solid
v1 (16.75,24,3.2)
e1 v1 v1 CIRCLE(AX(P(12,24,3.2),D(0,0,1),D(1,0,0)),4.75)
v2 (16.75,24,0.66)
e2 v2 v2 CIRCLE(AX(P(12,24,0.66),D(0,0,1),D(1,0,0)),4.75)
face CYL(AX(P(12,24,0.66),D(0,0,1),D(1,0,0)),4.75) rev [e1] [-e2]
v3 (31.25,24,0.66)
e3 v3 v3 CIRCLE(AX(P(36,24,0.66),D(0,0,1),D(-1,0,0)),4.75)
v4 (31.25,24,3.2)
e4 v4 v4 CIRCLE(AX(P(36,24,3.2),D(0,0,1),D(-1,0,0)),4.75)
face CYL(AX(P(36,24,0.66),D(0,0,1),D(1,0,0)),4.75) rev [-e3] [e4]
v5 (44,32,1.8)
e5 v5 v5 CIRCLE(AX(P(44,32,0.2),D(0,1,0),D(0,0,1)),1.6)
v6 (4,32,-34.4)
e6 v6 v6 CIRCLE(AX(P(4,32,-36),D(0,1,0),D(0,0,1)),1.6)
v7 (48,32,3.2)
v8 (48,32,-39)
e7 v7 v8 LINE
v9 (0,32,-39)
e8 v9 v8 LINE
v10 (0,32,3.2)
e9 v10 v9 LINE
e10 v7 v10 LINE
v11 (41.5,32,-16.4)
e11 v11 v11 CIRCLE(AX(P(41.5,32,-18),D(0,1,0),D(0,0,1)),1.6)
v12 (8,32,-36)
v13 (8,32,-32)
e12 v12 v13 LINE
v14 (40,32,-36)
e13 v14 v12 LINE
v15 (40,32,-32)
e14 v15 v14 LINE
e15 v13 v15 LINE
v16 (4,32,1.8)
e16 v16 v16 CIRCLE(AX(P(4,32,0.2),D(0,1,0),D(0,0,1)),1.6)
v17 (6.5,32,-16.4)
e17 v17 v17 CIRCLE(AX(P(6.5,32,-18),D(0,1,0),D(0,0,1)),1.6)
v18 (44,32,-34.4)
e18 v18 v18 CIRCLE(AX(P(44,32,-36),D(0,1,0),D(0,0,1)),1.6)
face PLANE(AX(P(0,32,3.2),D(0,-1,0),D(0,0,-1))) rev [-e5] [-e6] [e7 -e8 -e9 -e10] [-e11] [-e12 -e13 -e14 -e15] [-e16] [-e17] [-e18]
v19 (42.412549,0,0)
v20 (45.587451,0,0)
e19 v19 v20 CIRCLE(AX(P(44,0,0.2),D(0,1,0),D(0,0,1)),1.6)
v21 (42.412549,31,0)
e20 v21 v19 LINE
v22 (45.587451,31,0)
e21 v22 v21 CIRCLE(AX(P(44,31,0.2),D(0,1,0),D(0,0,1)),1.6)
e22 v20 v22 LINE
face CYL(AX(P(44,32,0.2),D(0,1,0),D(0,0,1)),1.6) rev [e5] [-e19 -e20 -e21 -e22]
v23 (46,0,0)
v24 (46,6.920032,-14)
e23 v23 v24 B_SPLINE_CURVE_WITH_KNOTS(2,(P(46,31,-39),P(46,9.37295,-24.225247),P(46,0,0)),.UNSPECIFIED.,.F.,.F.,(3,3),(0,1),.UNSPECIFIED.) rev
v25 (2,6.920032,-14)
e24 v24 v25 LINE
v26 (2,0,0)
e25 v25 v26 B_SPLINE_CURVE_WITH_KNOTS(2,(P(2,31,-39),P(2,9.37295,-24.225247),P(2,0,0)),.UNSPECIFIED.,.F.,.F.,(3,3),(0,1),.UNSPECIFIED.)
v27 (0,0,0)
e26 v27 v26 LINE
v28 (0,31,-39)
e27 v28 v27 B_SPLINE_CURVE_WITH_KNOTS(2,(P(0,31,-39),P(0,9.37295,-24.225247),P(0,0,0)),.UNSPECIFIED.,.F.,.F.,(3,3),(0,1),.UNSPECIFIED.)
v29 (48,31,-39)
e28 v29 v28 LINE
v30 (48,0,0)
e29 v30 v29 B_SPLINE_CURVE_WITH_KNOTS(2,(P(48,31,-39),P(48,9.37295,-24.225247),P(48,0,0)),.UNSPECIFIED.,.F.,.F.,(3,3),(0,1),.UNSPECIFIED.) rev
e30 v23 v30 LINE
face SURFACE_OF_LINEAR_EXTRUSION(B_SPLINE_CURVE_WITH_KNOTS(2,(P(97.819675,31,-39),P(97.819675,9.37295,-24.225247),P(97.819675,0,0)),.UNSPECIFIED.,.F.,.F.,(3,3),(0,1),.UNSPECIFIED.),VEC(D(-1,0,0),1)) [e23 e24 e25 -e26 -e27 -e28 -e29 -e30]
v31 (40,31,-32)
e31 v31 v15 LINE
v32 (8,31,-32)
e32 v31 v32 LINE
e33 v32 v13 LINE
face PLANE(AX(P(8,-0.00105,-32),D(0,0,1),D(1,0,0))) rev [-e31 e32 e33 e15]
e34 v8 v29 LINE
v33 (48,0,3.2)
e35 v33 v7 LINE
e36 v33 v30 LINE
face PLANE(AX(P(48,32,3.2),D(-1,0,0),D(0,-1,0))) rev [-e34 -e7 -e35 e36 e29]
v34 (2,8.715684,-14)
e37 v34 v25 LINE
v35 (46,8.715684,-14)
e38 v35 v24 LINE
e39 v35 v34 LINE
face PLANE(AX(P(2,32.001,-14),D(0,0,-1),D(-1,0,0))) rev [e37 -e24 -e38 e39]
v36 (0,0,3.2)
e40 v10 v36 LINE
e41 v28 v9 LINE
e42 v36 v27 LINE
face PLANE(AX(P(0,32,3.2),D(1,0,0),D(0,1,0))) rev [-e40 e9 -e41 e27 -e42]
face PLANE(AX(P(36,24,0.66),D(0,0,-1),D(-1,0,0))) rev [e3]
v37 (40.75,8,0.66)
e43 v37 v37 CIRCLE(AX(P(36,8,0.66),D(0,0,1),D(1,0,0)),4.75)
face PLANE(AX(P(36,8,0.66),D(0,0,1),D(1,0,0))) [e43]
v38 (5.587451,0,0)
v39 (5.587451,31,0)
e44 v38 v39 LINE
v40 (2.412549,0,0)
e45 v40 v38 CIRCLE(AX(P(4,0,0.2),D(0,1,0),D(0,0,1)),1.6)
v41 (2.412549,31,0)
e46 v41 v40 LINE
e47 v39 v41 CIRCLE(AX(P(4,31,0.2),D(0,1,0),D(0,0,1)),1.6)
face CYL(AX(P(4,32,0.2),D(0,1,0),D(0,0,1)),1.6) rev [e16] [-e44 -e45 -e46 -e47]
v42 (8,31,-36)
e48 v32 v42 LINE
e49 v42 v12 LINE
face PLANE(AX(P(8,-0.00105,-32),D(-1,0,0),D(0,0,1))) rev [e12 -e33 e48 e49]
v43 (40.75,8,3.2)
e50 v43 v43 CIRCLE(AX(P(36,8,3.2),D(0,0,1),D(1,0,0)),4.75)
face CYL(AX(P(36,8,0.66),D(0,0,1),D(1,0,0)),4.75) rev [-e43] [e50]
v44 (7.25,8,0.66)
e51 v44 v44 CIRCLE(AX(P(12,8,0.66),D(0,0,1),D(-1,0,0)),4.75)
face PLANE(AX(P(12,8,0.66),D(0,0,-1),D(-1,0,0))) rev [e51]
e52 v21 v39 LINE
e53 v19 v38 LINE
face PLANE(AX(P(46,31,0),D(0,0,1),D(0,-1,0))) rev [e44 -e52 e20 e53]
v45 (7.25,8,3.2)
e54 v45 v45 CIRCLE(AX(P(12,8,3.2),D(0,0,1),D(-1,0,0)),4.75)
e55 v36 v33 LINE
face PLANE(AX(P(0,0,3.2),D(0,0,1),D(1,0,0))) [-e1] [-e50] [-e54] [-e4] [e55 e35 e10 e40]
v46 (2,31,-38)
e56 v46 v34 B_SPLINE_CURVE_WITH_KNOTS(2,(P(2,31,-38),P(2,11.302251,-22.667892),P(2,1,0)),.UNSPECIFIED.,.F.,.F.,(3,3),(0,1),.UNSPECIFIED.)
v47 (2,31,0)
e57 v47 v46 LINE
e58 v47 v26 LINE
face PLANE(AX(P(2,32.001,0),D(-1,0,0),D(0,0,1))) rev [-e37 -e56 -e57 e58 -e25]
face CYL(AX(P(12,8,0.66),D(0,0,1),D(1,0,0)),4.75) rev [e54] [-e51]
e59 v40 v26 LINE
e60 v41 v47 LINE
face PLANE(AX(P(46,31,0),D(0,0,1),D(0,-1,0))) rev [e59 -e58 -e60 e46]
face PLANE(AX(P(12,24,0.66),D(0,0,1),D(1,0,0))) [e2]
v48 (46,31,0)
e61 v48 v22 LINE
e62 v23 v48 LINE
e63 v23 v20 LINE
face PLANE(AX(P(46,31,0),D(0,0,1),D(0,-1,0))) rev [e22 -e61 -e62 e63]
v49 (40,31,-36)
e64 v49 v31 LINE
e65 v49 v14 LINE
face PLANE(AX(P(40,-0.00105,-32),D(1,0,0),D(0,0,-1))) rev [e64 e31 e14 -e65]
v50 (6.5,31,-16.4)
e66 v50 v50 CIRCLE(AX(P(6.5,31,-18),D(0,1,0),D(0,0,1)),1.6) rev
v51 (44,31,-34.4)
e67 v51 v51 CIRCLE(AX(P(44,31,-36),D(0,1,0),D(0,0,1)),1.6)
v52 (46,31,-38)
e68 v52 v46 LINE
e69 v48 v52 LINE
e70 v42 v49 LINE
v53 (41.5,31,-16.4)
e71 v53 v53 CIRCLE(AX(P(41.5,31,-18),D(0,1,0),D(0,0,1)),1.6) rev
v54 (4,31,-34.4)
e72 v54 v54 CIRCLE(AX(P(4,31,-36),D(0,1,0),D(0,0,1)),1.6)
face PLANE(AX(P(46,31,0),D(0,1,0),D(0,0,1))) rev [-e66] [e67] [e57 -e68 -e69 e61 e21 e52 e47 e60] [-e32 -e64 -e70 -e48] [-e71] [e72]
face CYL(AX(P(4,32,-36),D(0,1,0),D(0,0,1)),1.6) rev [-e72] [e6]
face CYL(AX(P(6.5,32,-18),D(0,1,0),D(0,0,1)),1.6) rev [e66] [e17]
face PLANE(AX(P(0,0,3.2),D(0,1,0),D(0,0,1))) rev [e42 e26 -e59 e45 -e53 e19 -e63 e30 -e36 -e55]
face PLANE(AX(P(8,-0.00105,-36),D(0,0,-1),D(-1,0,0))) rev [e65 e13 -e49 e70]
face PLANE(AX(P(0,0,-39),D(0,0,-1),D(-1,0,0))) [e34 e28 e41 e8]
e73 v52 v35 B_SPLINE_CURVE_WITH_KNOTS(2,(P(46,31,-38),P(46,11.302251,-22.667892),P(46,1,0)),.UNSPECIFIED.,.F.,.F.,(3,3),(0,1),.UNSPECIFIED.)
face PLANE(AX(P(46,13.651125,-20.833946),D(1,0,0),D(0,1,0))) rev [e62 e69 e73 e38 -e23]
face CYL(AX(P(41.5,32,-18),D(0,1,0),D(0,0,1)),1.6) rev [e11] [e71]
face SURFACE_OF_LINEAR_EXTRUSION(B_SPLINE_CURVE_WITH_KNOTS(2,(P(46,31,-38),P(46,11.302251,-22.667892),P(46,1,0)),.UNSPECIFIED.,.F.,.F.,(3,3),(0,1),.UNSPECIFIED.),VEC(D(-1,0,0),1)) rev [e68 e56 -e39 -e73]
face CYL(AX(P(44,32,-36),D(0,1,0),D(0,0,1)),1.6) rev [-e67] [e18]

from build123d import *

# Parameters (mm, degrees)
CROQUIS1_W                        = 48
CROQUIS1_H                        = 32
SALIENTE_EXTRUIR1_DEPTH           = 3.2
CROQUIS2_W                        = 48
CROQUIS2_H                        = 1
SALIENTE_EXTRUIR2_DEPTH           = 39
TALADRO_DE_MARGEN_PARA_M31_D      = 3.2
SALIENTE_EXTRUIR3_DEPTH           = 48
CORTAR_EXTRUIR1_DEPTH             = 46
CORTAR_EXTRUIR2_REACH             = 71.635
CROQUIS7_W                        = 44
CROQUIS7_H                        = 14
SALIENTE_EXTRUIR4_DEPTH           = 2
CORTAR_EXTRUIR3_REACH             = 71.635
CROQUIS9_W                        = 32
CROQUIS9_H                        = 4
CROQUIS10_R                       = 4.75
CORTAR_EXTRUIR4_DEPTH             = 2.54
TALADRO_DE_MARGEN_PARA_M32_REACH  = 69.057
TALADRO_DE_MARGEN_PARA_M32_BORE_R = 1.6


with BuildPart() as part:
    # Croquis1 → Saliente-Extruir1 (new body)
    with BuildSketch(Plane.XY):
        with Locations((24, 16)):
            Rectangle(CROQUIS1_W, CROQUIS1_H)
    extrude(amount=SALIENTE_EXTRUIR1_DEPTH)

    # Croquis2 → Saliente-Extruir2 (add)
    with BuildSketch(Plane(origin=(0, 0, 0), x_dir=(-1, 0, 0), z_dir=(0, 0, -1))):
        with Locations((-24, 31.5)):
            Rectangle(CROQUIS2_W, CROQUIS2_H)
    extrude(amount=SALIENTE_EXTRUIR2_DEPTH)

    # Taladro de margen para M31 (through all)
    with Locations(Plane(origin=(6.5, 32, -18), x_dir=(0, 0, 1), z_dir=(0, 1, 0))):
        with Locations((0, 0), (0, 35)):
            Hole(TALADRO_DE_MARGEN_PARA_M31_D / 2)

    # Croquis5 → Saliente-Extruir3 (add)
    with BuildSketch(Plane.ZY):
        with BuildLine():
            Line((0, 0), (0, 31))
            Line((0, 31), (-39, 31))
            add(Edge.make_bspline(
                [(-39, 31), (-24.225246719, 9.372950474), (0, 0)],
                knots=[0, 0, 0, 1, 1, 1], degree=2))
        make_face()
    extrude(amount=-SALIENTE_EXTRUIR3_DEPTH)

    # Croquis6 → Cortar-Extruir1 (cut)
    with BuildSketch(Plane.ZY):
        with BuildLine():
            Line((0, 31), (-38, 31))
            add(Edge.make_bspline(
                [(-38, 31), (-22.667891875, 11.302250625), (0, 1)],
                knots=[0, 0, 0, 1, 1, 1], degree=2))
            Line((0, 1), (0, 31))
        make_face()
    extrude(amount=-CORTAR_EXTRUIR1_DEPTH, mode=Mode.SUBTRACT)

    # Croquis7 → Cortar-Extruir2 (cut, up to next)
    with BuildSketch(Plane.XZ, mode=Mode.PRIVATE) as cortar_extruir2_sk1:
        with Locations((24, -7)):
            Rectangle(CROQUIS7_W, CROQUIS7_H)
    cortar_extruir2_tool1 = extrude(cortar_extruir2_sk1.sketch, amount=-CORTAR_EXTRUIR2_REACH, mode=Mode.PRIVATE) & part.part
    add(cortar_extruir2_tool1.solids().sort_by_distance((24, 0, -7))[0], mode=Mode.SUBTRACT)

    # Croquis8 → Saliente-Extruir4 (add)
    with BuildSketch(Plane.ZY):
        with BuildLine():
            Line((-38, 31), (0, 31))
            Line((0, 31), (0, 1))
            add(Edge.make_bspline(
                [(-38, 31), (-22.667891875, 11.302250625), (0, 1)],
                knots=[0, 0, 0, 1, 1, 1], degree=2))
        make_face()
    extrude(amount=-SALIENTE_EXTRUIR4_DEPTH)

    # Croquis9 → Cortar-Extruir3 (cut, up to next)
    with BuildSketch(Plane(origin=(0, 32, 0), x_dir=(1, 0, 0), z_dir=(0, 1, 0)), mode=Mode.PRIVATE) as cortar_extruir3_sk1:
        with Locations((24, 34)):
            Rectangle(CROQUIS9_W, CROQUIS9_H)
    cortar_extruir3_tool1 = extrude(cortar_extruir3_sk1.sketch, amount=-CORTAR_EXTRUIR3_REACH, mode=Mode.PRIVATE) & part.part
    add(cortar_extruir3_tool1.solids().sort_by_distance((24, 32, -34))[0], mode=Mode.SUBTRACT)

    # Croquis10 → Cortar-Extruir4 (cut)
    with BuildSketch(Plane.XY.offset(3.2)):
        with Locations((12, 24)):
            Circle(CROQUIS10_R)
        with Locations(Location((36, 24, 0), (0, 0, 180))):
            Circle(CROQUIS10_R)
        with Locations((36, 8)):
            Circle(CROQUIS10_R)
        with Locations(Location((12, 8, 0), (0, 0, 180))):
            Circle(CROQUIS10_R)
    extrude(amount=-CORTAR_EXTRUIR4_DEPTH, mode=Mode.SUBTRACT)

    # Taladro de margen para M32 bore (on position points) → Taladro de margen para M32 (cut, up to next)
    with BuildSketch(Plane(origin=(4, 32, -36), x_dir=(0, 0, 1), z_dir=(0, 1, 0)), mode=Mode.PRIVATE) as taladro_de_margen_para_m32_sk1:
        Circle(TALADRO_DE_MARGEN_PARA_M32_BORE_R)
    taladro_de_margen_para_m32_tool1 = extrude(taladro_de_margen_para_m32_sk1.sketch, amount=-TALADRO_DE_MARGEN_PARA_M32_REACH, mode=Mode.PRIVATE) & part.part
    # Taladro de margen para M32 bore (on position points) → Taladro de margen para M32 (cut, up to next)
    with BuildSketch(Plane(origin=(4, 32, -36), x_dir=(0, 0, 1), z_dir=(0, 1, 0)), mode=Mode.PRIVATE) as taladro_de_margen_para_m32_sk2:
        with Locations((36.2, 0)):
            Circle(TALADRO_DE_MARGEN_PARA_M32_BORE_R)
    taladro_de_margen_para_m32_tool2 = extrude(taladro_de_margen_para_m32_sk2.sketch, amount=-TALADRO_DE_MARGEN_PARA_M32_REACH, mode=Mode.PRIVATE) & part.part
    # Taladro de margen para M32 bore (on position points) → Taladro de margen para M32 (cut, up to next)
    with BuildSketch(Plane(origin=(4, 32, -36), x_dir=(0, 0, 1), z_dir=(0, 1, 0)), mode=Mode.PRIVATE) as taladro_de_margen_para_m32_sk3:
        with Locations((36.2, 40)):
            Circle(TALADRO_DE_MARGEN_PARA_M32_BORE_R)
    taladro_de_margen_para_m32_tool3 = extrude(taladro_de_margen_para_m32_sk3.sketch, amount=-TALADRO_DE_MARGEN_PARA_M32_REACH, mode=Mode.PRIVATE) & part.part
    # Taladro de margen para M32 bore (on position points) → Taladro de margen para M32 (cut, up to next)
    with BuildSketch(Plane(origin=(4, 32, -36), x_dir=(0, 0, 1), z_dir=(0, 1, 0)), mode=Mode.PRIVATE) as taladro_de_margen_para_m32_sk4:
        with Locations((0, 40)):
            Circle(TALADRO_DE_MARGEN_PARA_M32_BORE_R)
    taladro_de_margen_para_m32_tool4 = extrude(taladro_de_margen_para_m32_sk4.sketch, amount=-TALADRO_DE_MARGEN_PARA_M32_REACH, mode=Mode.PRIVATE) & part.part
    add(taladro_de_margen_para_m32_tool1.solids().sort_by_distance((4, 32, -36))[0], mode=Mode.SUBTRACT)
    add(taladro_de_margen_para_m32_tool2.solids().sort_by_distance((4, 32, 0.2))[0], mode=Mode.SUBTRACT)
    add(taladro_de_margen_para_m32_tool3.solids().sort_by_distance((44, 32, 0.2))[0], mode=Mode.SUBTRACT)
    add(taladro_de_margen_para_m32_tool4.solids().sort_by_distance((44, 32, -36))[0], mode=Mode.SUBTRACT)


solid = part.part
